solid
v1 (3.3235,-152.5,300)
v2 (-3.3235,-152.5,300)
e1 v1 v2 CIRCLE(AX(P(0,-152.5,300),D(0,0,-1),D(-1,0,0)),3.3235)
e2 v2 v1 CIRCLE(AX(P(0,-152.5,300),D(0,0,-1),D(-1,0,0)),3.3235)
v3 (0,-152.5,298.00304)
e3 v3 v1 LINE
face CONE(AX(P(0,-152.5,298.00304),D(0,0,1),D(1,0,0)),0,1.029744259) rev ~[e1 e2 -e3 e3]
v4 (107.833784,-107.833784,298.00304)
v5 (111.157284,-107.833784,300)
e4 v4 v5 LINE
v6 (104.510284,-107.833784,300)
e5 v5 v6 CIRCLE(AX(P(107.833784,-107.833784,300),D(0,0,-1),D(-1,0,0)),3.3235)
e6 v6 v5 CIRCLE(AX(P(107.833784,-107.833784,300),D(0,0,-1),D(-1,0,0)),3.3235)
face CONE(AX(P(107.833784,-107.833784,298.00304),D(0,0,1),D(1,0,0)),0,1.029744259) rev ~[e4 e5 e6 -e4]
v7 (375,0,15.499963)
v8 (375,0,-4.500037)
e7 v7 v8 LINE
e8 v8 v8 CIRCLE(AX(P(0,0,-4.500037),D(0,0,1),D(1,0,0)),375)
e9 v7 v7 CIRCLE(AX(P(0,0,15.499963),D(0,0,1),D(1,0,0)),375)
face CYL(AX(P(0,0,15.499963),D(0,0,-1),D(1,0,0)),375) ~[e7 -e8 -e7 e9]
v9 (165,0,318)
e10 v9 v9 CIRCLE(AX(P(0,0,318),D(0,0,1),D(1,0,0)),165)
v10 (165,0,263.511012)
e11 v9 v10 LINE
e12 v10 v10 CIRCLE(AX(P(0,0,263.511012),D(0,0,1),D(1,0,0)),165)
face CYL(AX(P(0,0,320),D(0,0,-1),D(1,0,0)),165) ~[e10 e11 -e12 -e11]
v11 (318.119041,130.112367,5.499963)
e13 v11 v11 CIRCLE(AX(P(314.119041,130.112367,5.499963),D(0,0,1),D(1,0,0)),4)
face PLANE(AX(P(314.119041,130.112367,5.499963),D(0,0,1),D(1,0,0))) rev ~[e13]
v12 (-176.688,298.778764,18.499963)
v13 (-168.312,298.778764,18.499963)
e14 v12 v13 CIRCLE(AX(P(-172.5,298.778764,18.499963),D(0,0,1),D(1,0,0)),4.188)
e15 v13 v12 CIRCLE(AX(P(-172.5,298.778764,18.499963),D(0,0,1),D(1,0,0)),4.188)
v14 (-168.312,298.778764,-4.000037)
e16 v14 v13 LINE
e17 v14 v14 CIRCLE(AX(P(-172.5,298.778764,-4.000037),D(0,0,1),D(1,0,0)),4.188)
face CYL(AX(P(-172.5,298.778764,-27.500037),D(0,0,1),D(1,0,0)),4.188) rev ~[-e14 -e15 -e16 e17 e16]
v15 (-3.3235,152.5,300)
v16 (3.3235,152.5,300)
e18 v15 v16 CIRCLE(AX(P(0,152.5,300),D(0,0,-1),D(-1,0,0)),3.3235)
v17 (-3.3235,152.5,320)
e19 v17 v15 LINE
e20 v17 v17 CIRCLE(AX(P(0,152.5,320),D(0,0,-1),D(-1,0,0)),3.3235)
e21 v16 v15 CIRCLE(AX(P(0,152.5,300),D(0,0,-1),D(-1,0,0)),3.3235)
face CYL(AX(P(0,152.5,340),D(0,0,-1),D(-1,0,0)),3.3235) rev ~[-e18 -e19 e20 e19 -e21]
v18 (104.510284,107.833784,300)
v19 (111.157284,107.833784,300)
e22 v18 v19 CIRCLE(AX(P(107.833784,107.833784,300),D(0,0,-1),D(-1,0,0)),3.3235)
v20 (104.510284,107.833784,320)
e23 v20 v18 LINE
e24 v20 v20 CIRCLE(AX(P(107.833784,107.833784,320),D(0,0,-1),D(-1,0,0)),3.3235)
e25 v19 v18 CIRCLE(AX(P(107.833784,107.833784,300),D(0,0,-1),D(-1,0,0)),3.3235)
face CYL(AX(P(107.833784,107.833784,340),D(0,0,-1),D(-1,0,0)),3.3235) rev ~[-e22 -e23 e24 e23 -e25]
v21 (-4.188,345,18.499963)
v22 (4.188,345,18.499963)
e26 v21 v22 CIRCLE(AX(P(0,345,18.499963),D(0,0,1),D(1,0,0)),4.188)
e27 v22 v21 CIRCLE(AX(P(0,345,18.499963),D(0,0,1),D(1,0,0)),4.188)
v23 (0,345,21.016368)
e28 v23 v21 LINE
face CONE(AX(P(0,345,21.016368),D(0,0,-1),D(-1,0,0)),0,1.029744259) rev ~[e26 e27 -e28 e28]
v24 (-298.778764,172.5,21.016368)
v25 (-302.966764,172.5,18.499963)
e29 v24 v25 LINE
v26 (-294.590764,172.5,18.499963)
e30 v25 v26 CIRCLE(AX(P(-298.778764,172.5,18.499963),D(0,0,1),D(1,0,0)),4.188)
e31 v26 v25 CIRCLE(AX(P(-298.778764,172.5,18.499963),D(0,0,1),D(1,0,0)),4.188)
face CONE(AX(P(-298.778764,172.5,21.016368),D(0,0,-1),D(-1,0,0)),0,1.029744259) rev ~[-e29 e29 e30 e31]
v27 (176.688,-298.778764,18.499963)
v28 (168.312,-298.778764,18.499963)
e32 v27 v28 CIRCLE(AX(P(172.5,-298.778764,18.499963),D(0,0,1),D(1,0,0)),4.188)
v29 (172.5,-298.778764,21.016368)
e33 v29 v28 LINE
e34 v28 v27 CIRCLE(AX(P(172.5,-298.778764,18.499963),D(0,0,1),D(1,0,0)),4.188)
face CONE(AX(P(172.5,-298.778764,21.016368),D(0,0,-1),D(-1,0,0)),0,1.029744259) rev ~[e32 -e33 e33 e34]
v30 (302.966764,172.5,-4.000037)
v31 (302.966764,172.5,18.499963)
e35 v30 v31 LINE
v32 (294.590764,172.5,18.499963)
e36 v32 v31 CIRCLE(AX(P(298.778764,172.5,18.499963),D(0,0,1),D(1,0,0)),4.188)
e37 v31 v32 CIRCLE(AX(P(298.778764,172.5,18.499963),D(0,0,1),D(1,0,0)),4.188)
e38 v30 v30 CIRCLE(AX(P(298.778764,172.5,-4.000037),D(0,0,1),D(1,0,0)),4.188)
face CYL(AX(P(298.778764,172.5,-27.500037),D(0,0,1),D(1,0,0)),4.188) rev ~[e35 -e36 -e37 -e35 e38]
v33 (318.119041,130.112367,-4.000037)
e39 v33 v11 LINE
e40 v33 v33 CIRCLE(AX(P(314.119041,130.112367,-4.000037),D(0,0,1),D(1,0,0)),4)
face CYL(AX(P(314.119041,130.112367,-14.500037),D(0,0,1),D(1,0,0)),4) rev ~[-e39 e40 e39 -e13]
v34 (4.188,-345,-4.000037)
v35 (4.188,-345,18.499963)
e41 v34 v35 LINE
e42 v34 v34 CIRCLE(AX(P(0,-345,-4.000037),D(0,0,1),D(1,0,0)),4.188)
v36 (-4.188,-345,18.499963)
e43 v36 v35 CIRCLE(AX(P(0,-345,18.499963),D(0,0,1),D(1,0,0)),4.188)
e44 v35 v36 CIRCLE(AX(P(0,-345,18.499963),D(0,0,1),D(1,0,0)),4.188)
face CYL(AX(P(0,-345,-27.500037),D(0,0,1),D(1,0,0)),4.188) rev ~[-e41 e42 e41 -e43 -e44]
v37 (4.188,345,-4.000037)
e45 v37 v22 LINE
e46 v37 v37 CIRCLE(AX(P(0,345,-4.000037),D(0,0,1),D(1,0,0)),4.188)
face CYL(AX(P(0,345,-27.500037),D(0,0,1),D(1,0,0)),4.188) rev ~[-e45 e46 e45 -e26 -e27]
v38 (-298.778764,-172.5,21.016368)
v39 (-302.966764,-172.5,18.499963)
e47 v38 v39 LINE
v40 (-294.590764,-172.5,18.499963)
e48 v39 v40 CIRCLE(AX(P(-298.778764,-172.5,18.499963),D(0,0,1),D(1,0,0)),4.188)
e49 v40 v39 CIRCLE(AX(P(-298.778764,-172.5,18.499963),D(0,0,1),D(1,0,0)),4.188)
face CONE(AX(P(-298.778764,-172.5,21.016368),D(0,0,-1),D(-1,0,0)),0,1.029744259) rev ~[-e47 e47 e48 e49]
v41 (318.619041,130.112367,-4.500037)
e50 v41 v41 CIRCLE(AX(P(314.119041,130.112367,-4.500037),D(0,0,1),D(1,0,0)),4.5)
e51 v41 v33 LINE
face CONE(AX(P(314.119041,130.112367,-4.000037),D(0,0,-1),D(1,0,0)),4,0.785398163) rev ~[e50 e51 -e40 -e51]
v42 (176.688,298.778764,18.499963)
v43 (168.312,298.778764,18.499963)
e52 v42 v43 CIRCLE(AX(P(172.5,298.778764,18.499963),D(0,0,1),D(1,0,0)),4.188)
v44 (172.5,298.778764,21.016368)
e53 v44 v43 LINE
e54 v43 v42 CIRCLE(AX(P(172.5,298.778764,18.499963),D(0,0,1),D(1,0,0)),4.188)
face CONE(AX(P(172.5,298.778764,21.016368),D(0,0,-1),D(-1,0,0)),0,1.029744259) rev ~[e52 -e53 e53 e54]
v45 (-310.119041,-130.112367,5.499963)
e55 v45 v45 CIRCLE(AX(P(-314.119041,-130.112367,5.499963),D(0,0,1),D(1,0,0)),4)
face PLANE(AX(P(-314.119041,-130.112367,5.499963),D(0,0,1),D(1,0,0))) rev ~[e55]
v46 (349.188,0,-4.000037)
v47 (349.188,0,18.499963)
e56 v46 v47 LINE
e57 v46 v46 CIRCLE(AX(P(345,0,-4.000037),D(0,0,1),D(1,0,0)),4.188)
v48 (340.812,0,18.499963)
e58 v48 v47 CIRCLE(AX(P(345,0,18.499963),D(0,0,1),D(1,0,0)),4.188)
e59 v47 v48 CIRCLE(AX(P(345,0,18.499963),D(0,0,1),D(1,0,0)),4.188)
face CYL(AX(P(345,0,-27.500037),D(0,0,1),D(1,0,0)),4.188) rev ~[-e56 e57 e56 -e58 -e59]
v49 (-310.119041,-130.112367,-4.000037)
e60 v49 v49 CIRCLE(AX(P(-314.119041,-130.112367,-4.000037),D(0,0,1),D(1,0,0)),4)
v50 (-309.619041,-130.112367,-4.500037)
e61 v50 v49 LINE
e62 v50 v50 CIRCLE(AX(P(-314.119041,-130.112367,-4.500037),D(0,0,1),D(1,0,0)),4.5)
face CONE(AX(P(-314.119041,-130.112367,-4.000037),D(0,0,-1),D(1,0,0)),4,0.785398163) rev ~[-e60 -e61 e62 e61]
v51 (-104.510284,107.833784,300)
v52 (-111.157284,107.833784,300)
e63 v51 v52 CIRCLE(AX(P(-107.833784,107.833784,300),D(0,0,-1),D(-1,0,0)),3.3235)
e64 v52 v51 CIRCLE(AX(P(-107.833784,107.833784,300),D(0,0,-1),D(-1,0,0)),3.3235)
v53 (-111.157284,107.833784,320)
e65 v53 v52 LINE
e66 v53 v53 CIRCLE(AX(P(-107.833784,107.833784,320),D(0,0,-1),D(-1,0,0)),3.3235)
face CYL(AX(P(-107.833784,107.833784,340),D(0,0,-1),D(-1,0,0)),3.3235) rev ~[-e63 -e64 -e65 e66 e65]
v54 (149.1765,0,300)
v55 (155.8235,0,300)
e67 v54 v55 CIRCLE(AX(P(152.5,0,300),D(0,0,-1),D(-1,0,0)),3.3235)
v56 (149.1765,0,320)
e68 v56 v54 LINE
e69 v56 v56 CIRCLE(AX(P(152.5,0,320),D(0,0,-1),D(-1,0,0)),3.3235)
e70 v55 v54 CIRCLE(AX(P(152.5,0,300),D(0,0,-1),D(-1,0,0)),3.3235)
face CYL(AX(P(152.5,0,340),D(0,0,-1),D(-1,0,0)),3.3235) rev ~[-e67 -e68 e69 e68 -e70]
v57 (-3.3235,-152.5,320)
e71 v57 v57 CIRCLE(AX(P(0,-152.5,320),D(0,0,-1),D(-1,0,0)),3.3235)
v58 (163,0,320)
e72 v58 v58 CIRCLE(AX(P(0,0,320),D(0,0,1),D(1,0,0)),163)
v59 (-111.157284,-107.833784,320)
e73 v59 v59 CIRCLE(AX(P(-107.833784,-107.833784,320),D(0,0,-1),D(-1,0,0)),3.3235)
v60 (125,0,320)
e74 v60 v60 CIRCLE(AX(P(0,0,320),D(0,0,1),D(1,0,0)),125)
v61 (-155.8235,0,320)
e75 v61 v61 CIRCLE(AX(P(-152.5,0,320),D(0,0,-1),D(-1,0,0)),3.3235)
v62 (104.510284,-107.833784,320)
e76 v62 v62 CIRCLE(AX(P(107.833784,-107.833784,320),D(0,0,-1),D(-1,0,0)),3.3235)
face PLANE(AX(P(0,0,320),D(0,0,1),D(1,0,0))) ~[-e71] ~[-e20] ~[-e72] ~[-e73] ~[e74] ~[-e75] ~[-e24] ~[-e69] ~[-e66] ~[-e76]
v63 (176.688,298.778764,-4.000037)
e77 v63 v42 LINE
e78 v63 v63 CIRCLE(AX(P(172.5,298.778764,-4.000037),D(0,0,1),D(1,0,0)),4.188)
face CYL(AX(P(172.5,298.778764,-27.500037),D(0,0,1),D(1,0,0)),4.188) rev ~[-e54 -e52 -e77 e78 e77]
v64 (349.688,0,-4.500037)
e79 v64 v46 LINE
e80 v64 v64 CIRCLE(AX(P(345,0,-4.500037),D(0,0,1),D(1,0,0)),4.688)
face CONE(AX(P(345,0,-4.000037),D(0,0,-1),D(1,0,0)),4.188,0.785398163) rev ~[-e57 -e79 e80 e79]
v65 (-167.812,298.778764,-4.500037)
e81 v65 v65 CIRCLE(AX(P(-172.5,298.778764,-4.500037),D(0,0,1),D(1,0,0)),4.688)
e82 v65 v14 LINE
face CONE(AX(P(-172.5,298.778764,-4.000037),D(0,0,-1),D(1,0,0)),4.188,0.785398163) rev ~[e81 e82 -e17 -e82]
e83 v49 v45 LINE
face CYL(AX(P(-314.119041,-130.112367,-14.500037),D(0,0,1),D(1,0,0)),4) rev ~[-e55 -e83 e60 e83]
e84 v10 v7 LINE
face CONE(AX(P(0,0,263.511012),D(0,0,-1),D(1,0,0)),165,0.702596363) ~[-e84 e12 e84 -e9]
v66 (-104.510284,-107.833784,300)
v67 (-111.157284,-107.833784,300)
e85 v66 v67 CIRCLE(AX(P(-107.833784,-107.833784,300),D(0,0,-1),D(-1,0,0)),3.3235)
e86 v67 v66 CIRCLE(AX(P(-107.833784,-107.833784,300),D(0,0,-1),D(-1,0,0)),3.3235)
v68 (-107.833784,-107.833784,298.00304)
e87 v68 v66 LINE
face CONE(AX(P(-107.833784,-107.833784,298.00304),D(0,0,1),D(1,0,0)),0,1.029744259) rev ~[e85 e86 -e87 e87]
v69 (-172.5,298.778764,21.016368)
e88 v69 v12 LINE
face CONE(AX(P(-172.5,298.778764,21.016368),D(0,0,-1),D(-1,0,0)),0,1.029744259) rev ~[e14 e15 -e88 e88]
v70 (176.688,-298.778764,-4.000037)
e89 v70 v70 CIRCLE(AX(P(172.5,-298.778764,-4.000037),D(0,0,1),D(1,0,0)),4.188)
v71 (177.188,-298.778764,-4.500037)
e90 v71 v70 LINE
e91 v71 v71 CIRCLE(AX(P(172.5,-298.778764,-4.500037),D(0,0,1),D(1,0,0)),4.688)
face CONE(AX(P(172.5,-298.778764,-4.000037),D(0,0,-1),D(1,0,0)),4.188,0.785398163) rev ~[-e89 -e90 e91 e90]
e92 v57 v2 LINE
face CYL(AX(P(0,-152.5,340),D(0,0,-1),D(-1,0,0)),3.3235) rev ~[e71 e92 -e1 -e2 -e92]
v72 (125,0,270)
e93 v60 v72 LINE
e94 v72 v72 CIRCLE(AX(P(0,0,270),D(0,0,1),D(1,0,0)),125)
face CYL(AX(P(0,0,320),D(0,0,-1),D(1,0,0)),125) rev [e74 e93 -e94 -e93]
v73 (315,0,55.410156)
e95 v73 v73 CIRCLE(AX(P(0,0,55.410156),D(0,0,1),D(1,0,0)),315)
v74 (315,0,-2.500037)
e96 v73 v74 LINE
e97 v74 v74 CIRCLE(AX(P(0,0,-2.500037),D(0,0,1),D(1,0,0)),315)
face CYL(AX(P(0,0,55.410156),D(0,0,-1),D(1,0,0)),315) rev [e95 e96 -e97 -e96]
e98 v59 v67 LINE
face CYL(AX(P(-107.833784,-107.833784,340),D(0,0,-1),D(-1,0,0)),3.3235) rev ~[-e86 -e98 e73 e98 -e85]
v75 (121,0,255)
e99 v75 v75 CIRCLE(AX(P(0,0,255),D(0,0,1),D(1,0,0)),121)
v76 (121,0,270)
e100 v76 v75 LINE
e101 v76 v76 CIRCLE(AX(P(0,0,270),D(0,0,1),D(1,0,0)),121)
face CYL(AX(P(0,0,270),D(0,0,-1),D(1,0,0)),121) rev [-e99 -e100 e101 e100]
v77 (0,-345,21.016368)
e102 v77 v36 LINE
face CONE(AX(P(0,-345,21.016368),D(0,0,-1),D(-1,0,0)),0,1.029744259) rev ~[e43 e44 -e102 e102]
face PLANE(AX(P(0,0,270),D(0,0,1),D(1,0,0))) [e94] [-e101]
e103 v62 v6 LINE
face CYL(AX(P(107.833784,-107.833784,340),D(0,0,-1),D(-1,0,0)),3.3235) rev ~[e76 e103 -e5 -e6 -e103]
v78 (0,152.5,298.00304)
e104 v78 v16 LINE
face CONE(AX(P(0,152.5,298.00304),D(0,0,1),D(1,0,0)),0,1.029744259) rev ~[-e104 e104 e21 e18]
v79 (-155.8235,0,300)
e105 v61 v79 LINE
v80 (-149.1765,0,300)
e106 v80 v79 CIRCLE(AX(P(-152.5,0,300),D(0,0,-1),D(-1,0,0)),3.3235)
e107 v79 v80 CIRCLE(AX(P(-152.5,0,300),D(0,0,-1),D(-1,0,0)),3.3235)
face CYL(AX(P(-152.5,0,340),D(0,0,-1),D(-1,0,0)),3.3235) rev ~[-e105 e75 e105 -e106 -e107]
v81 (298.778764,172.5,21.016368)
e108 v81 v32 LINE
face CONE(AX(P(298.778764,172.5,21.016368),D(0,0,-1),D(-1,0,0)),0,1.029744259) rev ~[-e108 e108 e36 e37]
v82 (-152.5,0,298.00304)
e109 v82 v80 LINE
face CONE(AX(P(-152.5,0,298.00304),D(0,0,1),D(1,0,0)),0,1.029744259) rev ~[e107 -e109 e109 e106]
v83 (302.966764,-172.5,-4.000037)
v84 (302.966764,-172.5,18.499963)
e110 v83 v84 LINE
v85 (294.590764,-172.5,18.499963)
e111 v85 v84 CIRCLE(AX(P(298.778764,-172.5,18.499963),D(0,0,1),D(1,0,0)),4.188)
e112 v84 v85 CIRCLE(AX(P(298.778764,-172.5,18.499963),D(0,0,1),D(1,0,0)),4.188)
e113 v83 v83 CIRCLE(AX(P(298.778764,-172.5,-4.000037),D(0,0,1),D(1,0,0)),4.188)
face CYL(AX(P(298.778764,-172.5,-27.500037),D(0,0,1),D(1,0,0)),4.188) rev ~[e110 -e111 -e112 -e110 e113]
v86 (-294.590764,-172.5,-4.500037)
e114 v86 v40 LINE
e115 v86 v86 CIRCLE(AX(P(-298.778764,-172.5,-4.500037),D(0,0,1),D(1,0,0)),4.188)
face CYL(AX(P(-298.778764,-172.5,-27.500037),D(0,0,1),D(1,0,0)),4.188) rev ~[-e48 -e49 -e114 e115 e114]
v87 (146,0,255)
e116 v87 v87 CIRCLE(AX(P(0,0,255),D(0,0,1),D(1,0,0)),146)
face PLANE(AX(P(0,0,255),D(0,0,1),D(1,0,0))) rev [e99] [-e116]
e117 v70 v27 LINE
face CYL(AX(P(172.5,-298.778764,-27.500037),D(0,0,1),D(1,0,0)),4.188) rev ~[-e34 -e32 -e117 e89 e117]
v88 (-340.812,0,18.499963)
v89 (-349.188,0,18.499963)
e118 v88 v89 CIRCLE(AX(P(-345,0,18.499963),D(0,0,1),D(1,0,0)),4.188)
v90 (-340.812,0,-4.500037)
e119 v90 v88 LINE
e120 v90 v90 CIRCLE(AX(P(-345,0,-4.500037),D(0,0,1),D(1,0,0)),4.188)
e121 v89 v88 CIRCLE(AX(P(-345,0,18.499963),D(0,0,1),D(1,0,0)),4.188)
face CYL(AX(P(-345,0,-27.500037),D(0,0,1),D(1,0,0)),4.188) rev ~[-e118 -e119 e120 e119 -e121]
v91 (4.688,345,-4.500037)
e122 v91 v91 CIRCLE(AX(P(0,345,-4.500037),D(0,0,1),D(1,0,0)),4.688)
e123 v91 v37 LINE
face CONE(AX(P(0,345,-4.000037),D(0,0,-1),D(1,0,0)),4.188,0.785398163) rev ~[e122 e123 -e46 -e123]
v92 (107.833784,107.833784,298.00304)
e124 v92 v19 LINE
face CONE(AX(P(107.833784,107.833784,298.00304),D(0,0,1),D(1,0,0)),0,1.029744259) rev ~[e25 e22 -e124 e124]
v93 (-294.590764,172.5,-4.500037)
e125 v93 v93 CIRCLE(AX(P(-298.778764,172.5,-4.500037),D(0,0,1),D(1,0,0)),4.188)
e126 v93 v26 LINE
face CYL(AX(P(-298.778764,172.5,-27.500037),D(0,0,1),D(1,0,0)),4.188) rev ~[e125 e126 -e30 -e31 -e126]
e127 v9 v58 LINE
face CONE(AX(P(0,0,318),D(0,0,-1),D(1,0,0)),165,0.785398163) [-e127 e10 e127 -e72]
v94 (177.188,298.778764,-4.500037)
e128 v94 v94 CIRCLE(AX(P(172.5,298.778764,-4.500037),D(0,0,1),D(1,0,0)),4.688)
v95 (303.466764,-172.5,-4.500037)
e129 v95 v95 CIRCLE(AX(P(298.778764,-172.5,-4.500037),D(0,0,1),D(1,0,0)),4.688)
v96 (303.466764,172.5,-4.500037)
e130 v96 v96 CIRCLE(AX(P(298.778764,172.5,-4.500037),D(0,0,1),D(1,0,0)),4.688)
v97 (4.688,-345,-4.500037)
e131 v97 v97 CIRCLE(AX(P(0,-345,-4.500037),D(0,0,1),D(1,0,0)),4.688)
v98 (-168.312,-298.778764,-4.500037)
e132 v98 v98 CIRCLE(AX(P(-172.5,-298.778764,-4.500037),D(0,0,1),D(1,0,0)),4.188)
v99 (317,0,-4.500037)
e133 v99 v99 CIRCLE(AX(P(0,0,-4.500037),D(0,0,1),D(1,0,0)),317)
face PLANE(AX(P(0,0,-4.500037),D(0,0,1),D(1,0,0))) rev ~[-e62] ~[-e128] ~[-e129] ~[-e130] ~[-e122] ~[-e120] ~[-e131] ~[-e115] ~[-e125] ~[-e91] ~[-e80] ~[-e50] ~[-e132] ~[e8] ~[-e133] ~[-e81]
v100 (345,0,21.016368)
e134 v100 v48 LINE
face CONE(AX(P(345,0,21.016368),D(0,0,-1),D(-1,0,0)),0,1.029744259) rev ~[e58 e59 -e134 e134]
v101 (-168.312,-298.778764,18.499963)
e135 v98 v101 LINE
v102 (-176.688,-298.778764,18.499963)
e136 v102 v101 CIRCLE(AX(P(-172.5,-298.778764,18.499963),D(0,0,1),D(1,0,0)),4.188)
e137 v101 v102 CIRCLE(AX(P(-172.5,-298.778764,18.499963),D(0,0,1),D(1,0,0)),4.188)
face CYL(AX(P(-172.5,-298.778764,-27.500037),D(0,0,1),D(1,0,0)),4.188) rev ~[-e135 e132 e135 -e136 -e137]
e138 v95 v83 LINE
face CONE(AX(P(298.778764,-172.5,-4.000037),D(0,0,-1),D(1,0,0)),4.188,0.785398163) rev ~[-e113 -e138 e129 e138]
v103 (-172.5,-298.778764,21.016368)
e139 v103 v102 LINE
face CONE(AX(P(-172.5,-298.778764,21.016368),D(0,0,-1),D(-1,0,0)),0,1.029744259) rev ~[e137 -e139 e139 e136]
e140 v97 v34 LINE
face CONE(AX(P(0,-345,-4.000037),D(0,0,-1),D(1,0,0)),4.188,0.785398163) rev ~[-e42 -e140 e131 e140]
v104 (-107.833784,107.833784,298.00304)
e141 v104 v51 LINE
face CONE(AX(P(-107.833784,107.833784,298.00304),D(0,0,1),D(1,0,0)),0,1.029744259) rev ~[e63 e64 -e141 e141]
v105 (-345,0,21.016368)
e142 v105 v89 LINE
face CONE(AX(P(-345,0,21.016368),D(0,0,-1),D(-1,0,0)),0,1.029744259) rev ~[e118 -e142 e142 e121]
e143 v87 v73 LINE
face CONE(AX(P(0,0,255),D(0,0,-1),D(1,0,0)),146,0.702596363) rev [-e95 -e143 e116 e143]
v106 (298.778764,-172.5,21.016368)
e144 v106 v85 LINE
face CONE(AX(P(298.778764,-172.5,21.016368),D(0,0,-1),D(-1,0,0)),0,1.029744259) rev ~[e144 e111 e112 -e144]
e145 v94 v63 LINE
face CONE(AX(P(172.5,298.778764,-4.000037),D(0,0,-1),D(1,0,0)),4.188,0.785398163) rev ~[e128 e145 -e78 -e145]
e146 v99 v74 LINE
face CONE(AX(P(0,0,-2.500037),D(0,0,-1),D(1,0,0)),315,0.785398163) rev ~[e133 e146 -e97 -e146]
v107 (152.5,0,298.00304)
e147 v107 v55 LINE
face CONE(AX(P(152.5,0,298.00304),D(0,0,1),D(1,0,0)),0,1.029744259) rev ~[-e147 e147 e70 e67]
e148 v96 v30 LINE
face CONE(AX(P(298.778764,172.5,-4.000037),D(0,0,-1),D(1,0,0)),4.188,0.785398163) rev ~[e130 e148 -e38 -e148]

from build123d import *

# Parameters (mm, degrees)
HOLE1_D                      = 8
HOLE1_DEPTH                  = 10
F_5_16_CLEARANCE_HOLE1_D     = 8.376
F_5_16_CLEARANCE_HOLE1_DEPTH = 23
F_5_16_CLEARANCE_HOLE1_TIP   = 2.516404272
F_1_4_CLEARANCE_HOLE1_D      = 6.647
F_1_4_CLEARANCE_HOLE1_DEPTH  = 20
F_1_4_CLEARANCE_HOLE1_TIP    = 1.996960267
CHAMFER1_SIZE                = 0.5
CHAMFER6_SIZE                = 2
CHAMFER7_SIZE                = 2


with BuildPart() as part:
    # Sketch1 → Revolve1 (revolve)
    with BuildSketch(Plane(origin=(0, 0, 0), x_dir=(1, 0, 0), z_dir=(0, 1, 0))):
        Polygon((375, 4.500036707), (0, 4.500036707), (0, -320), (165, -320), (165, -263.511012034), (375, -15.499963293), align=None)
    revolve(axis=Axis((0, 0, -4.500036707), (0, 0, 1)))

    # Sketch2 → Cut-Revolve1 (revolve, cut)
    with BuildSketch(Plane(origin=(0, 0, 0), x_dir=(1, 0, 0), z_dir=(0, 1, 0))):
        Polygon((315, 4.500036707), (0, 4.500036707), (0, -320), (125, -320), (125, -270), (121, -270), (121, -255), (146, -255), (315, -55.410156014), align=None)
    revolve(axis=Axis((0, 0, -4.500036707), (0, 0, 1)), mode=Mode.SUBTRACT)

    # Hole1
    with Locations(Plane(origin=(0, 0, -4.500036707), x_dir=(-1, 0, 0), z_dir=(0, 0, -1))):
        with Locations((314.119041054, -130.112367004), (-314.119041054, 130.112367004)):
            Hole(HOLE1_D / 2, depth=HOLE1_DEPTH)

    # 5/16 Clearance Hole1
    with Locations(Plane(origin=(0, 0, -4.500036707), x_dir=(-1, 0, 0), z_dir=(0, 0, -1))):
        with Locations((0, -345), (-172.5, -298.778764306), (-298.778764306, -172.5), (-345, 0), (-298.778764306, 172.5), (-172.5, 298.778764306), (0, 345), (172.5, 298.778764306), (298.778764306, 172.5), (345, 0), (298.778764306, -172.5), (172.5, -298.778764306)):
            Hole(F_5_16_CLEARANCE_HOLE1_D / 2, depth=F_5_16_CLEARANCE_HOLE1_DEPTH)
            with Locations((0, 0, -(F_5_16_CLEARANCE_HOLE1_DEPTH + F_5_16_CLEARANCE_HOLE1_TIP / 2))):  # 118° drill point
                Cone(0, F_5_16_CLEARANCE_HOLE1_D / 2, F_5_16_CLEARANCE_HOLE1_TIP, mode=Mode.SUBTRACT)

    # 1/4 Clearance Hole1
    with Locations(Plane.XY.offset(320)):
        with Locations((-107.833784131, 107.833784131), (0, 152.5), (107.833784131, 107.833784131), (152.5, 0), (107.833784131, -107.833784131), (0, -152.5), (-107.833784131, -107.833784131), (-152.5, 0)):
            Hole(F_1_4_CLEARANCE_HOLE1_D / 2, depth=F_1_4_CLEARANCE_HOLE1_DEPTH)
            with Locations((0, 0, -(F_1_4_CLEARANCE_HOLE1_DEPTH + F_1_4_CLEARANCE_HOLE1_TIP / 2))):  # 118° drill point
                Cone(0, F_1_4_CLEARANCE_HOLE1_D / 2, F_1_4_CLEARANCE_HOLE1_TIP, mode=Mode.SUBTRACT)

    # Chamfer1
    chamfer1_edges = [part.edges().sort_by_distance(p)[0] for p in [
        (310.119041054, 130.112367004, -4.500036707),
        (-318.119041054, -130.112367004, -4.500036707),
        (-176.688, 298.778764306, -4.500036707),
        (-4.188, 345, -4.500036707),
        (168.312, 298.778764306, -4.500036707),
        (294.590764306, 172.5, -4.500036707),
        (340.812, 0, -4.500036707),
        (294.590764306, -172.5, -4.500036707),
        (168.312, -298.778764306, -4.500036707),
        (-4.188, -345, -4.500036707),
    ]]
    chamfer(chamfer1_edges, length=CHAMFER1_SIZE)

    # Chamfer6
    chamfer6_edges = [part.edges().sort_by_distance(p)[0] for p in [
        (-315, 0, -4.500036707),
    ]]
    chamfer(chamfer6_edges, length=CHAMFER6_SIZE)

    # Chamfer7
    chamfer7_edges = [part.edges().sort_by_distance(p)[0] for p in [
        (-165, 0, 320),
    ]]
    chamfer(chamfer7_edges, length=CHAMFER7_SIZE)


solid = part.part
